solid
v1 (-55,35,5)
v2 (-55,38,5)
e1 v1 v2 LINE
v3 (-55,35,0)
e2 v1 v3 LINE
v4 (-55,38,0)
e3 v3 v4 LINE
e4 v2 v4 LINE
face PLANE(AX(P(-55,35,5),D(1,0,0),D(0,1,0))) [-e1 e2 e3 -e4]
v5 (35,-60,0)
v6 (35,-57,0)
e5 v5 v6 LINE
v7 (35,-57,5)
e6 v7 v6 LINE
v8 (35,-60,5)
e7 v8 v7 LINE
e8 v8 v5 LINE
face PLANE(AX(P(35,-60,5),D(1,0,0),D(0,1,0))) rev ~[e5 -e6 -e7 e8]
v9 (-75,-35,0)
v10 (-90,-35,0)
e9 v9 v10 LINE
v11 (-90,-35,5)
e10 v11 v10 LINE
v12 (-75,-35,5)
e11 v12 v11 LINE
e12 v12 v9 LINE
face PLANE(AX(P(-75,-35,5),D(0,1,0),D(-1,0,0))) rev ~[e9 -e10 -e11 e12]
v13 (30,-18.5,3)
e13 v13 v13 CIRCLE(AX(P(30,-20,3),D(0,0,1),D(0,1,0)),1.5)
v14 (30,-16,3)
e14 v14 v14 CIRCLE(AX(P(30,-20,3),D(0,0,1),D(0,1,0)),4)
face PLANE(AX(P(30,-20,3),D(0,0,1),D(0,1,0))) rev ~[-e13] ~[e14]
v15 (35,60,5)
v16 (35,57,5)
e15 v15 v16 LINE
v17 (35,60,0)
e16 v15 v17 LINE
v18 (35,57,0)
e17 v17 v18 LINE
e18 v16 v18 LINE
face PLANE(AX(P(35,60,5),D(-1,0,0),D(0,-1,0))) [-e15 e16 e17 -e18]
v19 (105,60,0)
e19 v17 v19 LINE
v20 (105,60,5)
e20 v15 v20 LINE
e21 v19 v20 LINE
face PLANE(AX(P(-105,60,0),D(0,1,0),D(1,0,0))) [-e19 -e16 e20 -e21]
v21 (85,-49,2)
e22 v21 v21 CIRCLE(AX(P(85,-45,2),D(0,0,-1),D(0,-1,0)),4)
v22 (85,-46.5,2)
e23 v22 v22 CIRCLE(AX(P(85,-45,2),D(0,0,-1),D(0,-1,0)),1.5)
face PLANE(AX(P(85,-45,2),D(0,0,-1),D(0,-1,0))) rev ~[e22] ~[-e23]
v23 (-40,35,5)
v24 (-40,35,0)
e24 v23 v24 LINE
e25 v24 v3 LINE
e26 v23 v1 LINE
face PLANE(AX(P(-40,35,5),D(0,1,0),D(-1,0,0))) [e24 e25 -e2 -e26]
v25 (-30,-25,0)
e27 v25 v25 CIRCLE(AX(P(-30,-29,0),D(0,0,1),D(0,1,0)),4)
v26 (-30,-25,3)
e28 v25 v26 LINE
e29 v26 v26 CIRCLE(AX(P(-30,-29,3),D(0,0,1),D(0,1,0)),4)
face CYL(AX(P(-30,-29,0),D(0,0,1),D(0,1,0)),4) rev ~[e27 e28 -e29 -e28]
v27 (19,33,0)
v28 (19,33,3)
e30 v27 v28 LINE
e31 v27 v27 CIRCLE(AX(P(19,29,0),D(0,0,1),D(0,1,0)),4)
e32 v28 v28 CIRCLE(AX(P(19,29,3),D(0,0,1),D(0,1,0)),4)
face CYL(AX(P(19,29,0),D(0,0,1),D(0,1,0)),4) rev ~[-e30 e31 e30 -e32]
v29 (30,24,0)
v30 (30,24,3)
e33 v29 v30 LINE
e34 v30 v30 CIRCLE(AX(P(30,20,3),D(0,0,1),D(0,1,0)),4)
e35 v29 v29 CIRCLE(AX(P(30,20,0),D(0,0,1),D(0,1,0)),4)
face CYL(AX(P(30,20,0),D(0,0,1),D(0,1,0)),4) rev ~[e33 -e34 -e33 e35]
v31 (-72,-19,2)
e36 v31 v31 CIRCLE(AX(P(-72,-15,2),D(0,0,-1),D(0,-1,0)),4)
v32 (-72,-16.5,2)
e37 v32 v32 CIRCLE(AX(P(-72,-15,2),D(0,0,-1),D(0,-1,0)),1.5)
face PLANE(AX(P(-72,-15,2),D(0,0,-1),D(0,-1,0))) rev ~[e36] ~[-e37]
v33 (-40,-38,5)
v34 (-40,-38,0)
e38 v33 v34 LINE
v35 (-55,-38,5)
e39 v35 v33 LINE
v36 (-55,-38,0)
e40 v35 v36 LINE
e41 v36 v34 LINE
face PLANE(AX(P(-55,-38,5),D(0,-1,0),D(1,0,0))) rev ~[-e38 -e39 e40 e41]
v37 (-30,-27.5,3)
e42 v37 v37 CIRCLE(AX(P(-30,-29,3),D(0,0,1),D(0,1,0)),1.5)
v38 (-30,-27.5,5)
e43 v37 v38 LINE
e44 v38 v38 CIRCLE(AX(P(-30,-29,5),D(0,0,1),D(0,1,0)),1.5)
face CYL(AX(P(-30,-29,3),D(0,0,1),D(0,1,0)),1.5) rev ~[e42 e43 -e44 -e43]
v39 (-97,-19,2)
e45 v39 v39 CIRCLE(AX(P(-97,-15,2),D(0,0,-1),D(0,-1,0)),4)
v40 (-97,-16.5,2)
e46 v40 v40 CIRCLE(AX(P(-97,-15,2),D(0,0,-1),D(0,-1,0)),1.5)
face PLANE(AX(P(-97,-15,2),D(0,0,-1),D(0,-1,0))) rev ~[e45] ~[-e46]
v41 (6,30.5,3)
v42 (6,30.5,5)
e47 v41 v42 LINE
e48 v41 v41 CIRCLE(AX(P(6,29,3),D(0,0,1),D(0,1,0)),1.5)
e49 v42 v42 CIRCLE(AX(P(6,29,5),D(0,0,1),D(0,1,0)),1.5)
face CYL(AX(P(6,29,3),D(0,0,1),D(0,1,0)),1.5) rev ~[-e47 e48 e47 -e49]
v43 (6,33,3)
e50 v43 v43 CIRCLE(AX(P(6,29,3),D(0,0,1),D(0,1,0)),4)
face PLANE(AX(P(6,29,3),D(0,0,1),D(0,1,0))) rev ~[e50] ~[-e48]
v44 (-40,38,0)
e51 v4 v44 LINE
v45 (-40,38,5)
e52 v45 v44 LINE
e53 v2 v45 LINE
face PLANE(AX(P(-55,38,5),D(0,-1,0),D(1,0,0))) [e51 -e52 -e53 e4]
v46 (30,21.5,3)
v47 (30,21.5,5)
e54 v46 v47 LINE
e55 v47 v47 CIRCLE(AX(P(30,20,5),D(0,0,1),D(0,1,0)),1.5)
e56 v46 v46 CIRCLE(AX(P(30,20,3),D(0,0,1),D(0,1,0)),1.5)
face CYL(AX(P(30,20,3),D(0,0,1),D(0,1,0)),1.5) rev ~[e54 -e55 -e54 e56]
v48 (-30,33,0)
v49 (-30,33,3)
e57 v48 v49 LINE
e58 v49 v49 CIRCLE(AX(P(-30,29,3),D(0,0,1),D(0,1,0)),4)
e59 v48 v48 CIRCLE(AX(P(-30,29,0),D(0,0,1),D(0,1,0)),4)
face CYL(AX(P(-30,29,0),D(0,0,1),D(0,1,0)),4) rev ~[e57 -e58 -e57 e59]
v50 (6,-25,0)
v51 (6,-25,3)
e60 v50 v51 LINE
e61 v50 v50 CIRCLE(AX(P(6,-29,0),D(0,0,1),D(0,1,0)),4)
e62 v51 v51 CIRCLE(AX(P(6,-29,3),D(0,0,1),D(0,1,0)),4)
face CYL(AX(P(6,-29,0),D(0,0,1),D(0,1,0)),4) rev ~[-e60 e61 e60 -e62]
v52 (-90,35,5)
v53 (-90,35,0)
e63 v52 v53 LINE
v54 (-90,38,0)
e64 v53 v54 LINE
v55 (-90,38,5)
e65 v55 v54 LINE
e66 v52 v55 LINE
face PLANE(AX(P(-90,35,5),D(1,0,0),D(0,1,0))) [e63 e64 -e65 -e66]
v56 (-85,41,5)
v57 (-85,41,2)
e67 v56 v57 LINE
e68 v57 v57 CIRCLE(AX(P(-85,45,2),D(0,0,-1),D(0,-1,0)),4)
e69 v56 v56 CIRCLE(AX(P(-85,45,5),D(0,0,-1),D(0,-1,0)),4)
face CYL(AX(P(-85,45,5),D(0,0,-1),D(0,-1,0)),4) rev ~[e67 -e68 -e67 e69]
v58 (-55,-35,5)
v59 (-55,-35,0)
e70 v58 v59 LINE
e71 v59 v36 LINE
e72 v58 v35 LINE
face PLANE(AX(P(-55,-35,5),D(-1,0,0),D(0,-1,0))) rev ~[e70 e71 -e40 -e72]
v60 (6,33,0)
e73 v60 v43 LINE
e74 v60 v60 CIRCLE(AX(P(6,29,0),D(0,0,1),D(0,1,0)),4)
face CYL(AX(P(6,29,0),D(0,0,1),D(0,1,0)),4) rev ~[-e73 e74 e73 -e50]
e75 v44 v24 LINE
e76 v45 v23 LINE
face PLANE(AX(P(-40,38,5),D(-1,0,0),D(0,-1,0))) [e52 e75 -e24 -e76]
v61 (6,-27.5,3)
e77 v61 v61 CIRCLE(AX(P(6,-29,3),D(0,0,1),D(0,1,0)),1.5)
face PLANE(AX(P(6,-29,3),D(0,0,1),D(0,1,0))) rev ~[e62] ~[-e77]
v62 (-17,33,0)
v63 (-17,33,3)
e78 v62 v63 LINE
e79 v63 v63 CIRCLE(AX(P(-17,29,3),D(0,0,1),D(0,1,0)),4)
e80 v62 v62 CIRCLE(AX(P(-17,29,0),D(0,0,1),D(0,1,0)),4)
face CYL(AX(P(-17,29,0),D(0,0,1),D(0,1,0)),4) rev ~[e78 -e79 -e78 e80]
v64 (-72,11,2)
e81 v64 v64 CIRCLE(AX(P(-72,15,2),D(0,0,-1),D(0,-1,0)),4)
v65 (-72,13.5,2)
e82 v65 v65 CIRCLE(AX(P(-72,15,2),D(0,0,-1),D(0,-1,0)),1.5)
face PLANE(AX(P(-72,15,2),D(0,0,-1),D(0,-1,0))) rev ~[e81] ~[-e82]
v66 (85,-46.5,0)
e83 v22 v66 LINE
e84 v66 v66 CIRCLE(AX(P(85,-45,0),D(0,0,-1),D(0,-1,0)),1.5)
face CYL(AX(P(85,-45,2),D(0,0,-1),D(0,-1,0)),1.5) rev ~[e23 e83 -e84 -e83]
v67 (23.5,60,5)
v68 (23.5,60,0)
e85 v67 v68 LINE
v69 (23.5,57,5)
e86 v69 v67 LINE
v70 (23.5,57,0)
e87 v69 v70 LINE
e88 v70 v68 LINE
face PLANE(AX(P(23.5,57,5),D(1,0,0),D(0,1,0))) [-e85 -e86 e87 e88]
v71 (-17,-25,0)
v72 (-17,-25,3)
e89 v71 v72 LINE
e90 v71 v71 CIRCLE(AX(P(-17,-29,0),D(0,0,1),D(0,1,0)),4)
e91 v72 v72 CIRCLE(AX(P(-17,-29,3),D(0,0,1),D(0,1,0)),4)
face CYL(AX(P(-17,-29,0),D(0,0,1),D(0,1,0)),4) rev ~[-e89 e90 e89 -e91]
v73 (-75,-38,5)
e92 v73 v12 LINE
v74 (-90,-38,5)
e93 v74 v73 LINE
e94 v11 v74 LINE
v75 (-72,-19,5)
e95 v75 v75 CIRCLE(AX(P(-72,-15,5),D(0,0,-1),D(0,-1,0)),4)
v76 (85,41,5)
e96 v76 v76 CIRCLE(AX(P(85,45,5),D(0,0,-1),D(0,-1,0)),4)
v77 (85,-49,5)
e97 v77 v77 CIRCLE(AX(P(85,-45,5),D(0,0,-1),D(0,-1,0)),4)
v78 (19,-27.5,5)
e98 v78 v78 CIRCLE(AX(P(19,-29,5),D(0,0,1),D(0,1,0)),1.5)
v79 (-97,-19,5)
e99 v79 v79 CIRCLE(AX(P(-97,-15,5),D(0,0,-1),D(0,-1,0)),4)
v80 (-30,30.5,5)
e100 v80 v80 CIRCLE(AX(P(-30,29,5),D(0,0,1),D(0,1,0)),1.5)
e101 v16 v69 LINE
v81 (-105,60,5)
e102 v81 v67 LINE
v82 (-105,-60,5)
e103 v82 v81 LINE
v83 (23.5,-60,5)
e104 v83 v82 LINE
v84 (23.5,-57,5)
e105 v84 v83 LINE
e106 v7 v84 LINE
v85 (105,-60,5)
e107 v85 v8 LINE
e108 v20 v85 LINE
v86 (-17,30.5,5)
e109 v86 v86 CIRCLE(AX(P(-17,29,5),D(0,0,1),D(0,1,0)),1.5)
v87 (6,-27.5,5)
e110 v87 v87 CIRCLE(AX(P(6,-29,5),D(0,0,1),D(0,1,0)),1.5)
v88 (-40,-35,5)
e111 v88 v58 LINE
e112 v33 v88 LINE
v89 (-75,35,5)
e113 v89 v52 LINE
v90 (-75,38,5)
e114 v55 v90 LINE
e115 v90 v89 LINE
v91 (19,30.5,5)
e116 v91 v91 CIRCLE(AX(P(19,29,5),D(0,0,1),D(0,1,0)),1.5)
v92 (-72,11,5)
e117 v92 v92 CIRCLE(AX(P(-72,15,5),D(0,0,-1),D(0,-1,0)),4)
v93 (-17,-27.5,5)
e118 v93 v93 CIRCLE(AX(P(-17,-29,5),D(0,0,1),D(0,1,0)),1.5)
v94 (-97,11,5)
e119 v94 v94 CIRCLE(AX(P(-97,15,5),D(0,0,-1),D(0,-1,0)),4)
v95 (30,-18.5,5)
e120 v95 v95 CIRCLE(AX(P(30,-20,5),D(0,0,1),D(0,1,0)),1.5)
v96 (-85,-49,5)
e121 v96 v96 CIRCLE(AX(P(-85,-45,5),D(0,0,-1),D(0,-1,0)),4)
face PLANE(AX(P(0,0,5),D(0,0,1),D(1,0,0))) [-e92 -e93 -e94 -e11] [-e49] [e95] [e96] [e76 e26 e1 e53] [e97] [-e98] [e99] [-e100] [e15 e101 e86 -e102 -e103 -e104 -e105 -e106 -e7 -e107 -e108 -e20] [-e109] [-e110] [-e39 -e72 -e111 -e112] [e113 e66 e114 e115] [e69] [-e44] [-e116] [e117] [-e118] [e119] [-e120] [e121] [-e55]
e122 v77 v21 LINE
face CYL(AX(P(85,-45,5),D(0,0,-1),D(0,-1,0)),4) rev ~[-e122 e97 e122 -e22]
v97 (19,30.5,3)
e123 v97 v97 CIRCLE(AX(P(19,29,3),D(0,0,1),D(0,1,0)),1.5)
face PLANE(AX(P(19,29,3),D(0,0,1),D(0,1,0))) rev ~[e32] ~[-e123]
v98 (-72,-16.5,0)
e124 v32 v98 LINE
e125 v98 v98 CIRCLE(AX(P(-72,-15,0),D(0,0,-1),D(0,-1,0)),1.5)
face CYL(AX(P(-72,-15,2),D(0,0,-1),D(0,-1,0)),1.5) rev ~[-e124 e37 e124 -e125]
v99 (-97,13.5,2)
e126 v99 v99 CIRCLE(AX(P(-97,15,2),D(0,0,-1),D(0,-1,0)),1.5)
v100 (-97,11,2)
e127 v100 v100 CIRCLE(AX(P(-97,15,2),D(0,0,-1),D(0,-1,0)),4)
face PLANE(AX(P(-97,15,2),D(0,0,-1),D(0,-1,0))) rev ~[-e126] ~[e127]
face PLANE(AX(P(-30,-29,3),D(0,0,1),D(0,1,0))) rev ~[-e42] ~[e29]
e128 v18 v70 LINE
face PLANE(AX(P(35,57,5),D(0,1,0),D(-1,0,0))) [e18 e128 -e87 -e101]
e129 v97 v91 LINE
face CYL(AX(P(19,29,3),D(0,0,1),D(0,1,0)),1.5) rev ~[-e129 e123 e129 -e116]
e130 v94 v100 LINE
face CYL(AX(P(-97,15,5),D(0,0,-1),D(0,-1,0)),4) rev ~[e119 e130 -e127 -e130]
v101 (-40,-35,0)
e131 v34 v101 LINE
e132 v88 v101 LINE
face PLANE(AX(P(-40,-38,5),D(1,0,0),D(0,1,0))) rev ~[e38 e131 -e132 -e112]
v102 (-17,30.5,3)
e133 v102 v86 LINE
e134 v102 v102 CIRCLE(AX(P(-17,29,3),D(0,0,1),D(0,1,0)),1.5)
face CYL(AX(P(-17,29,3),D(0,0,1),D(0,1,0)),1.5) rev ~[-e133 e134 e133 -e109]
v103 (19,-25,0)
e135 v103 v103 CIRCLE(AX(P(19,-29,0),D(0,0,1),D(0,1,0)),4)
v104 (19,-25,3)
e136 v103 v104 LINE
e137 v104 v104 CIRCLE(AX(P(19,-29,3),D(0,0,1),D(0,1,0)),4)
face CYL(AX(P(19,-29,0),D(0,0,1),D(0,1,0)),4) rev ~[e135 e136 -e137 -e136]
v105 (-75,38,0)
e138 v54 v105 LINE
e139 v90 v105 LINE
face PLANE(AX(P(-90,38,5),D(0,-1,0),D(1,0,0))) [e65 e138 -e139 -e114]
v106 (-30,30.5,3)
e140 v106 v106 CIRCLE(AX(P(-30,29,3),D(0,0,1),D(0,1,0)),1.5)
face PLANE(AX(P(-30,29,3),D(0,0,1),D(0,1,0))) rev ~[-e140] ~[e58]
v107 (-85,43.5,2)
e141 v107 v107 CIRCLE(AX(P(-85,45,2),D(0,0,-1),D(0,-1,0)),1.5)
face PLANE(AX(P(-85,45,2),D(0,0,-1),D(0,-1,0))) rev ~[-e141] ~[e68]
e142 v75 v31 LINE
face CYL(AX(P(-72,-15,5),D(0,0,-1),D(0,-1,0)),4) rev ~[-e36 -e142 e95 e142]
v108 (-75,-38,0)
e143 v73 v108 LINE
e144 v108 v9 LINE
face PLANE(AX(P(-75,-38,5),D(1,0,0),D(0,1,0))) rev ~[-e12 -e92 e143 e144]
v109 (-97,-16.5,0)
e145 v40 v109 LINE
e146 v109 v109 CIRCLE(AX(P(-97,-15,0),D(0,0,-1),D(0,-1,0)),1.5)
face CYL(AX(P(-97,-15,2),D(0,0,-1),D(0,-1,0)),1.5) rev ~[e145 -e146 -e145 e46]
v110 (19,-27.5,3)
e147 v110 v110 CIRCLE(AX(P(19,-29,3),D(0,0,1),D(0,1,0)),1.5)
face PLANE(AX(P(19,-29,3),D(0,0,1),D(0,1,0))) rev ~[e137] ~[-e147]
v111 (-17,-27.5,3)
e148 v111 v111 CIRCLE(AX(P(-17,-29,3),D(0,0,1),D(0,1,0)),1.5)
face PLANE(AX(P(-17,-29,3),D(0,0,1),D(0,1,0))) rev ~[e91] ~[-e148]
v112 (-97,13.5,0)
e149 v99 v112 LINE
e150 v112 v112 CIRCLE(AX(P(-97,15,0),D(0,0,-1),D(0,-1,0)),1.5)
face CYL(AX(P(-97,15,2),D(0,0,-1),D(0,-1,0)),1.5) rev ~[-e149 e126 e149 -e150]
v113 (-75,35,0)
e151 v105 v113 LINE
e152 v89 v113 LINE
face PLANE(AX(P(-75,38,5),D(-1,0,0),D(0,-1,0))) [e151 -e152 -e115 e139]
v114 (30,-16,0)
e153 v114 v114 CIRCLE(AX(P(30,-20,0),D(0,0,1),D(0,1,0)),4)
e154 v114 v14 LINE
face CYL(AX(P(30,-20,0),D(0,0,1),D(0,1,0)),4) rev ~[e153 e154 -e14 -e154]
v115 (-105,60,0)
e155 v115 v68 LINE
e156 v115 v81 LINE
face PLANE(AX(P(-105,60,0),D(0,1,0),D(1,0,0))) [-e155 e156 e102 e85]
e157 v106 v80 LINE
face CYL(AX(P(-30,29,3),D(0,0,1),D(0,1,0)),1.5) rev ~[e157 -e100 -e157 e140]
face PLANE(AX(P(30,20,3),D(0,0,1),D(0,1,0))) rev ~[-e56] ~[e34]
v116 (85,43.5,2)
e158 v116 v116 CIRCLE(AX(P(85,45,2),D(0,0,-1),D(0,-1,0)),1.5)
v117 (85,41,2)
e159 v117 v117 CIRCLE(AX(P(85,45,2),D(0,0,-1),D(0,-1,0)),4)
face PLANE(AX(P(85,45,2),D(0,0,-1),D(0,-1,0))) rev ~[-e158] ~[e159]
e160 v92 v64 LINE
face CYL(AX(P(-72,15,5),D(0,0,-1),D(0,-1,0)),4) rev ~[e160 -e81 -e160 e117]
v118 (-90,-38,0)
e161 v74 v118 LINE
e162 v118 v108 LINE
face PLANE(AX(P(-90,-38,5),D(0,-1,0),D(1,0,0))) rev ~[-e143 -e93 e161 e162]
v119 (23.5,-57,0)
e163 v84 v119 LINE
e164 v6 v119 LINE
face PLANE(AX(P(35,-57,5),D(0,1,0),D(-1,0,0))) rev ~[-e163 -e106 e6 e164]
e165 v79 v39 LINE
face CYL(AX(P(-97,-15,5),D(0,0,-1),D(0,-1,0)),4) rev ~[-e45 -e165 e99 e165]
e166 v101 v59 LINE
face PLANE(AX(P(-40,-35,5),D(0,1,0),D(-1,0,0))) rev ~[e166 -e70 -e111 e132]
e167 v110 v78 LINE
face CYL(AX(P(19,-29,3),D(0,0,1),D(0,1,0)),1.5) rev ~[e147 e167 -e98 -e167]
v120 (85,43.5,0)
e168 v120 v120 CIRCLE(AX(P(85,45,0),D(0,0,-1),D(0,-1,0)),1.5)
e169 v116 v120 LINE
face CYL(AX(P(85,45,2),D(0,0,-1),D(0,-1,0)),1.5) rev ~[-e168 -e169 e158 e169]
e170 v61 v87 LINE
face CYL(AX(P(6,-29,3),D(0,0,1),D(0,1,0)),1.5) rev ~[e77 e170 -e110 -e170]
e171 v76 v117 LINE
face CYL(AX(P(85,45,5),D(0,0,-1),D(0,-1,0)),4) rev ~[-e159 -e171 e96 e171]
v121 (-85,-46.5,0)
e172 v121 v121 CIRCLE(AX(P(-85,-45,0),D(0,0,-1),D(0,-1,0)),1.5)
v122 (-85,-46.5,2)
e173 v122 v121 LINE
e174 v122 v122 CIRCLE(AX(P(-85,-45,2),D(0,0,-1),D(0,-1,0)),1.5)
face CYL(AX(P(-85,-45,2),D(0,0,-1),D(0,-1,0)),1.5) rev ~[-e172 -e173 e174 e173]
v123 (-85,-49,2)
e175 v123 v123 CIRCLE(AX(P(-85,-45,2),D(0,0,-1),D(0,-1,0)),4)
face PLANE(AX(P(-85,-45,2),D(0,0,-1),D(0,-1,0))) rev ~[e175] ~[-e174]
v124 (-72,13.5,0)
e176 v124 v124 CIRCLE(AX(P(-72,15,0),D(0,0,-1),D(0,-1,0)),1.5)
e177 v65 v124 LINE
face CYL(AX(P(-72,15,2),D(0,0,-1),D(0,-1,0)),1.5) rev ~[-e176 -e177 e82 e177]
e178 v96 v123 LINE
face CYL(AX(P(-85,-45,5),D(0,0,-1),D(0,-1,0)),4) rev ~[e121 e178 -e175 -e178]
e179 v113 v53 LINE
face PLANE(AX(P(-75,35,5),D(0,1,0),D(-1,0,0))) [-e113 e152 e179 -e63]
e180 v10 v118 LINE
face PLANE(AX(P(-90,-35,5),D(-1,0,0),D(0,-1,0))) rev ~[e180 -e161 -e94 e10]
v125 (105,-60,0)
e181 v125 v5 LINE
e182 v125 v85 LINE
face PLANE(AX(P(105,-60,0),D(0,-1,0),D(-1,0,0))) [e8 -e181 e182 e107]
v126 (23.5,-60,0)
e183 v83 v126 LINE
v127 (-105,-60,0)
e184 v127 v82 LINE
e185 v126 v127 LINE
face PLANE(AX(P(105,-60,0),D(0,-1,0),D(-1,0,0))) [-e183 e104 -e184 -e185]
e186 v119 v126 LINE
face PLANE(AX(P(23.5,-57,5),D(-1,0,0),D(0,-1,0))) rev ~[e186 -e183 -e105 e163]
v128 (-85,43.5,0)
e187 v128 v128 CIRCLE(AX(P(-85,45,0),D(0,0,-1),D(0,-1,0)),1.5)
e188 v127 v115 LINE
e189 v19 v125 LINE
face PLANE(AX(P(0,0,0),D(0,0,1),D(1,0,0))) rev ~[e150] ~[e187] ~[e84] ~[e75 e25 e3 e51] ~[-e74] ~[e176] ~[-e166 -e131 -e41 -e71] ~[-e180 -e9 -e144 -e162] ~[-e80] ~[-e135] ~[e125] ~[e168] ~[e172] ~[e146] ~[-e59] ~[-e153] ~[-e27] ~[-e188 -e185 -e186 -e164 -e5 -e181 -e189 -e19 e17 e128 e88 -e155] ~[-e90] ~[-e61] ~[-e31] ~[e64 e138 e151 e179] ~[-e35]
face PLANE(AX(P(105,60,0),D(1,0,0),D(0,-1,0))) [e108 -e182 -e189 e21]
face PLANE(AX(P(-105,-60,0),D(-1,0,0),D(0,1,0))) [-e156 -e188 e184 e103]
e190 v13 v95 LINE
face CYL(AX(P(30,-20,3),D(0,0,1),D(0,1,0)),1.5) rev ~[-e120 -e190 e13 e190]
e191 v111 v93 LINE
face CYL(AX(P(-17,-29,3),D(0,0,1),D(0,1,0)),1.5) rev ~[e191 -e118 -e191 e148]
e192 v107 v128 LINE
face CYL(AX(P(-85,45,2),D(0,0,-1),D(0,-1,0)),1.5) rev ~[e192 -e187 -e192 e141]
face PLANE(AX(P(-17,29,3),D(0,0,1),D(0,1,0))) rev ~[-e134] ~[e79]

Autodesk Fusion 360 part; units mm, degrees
sketch "Sketch1" plane through (0, 0, 0) normal (0, 0, 1) x (1, 0, 0)
  line L0 (-105, 60) -> (105, 60)
  line L1 (105, 60) -> (105, -60)
  line L2 (105, -60) -> (-105, -60)
  line L3 (-105, -60) -> (-105, 60)
  line L4 (-105, 60) -> (105, -60) construction
  line L5 (105, 60) -> (-105, -60) construction
  dimension "d1" = 210
  dimension "d2" = 120
extrude "Extrude1" add sketch "Sketch1" along normal blind 5
sketch "Sketch2" plane through (0, 0, 5) normal (0, 0, 1) x (1, 0, 0)
  line L0 (-105, -60) -> (105, -60)
  line L1 (105, -60) -> (105, 60)
  line L2 (105, 60) -> (-105, 60)
  line L3 (-105, 60) -> (-105, -60)
  line L4 (0, 60) -> (0, -60) construction
  line L5 (105, 0) -> (-105, 0) construction
  line L6 (-75, 35) -> (-90, 35)
  line L7 (-90, 35) -> (-90, 38)
  line L8 (-90, 38) -> (-75, 38)
  line L9 (-75, 38) -> (-75, 35)
  line L10 (-75, 35) -> (-90, 38) construction
  line L11 (-90, 35) -> (-75, 38) construction
  line L12 (-55, 38) -> (-40, 38)
  line L13 (-40, 38) -> (-40, 35)
  line L14 (-40, 35) -> (-55, 35)
  line L15 (-55, 35) -> (-55, 38)
  line L16 (-55, 38) -> (-40, 35) construction
  line L17 (-40, 38) -> (-55, 35) construction
  line L18 (-40, -38) -> (-40, -35)
  line L19 (-55, -38) -> (-40, -35) construction
  line L20 (-40, -35) -> (-55, -35)
  line L21 (-55, -35) -> (-55, -38)
  line L22 (-55, -38) -> (-40, -38)
  line L23 (-40, -38) -> (-55, -35) construction
  line L24 (-75, -38) -> (-75, -35)
  line L25 (-90, -38) -> (-75, -38)
  line L26 (-90, -35) -> (-75, -38) construction
  line L27 (-75, -35) -> (-90, -38) construction
  line L28 (-75, -35) -> (-90, -35)
  line L29 (-90, -35) -> (-90, -38)
  point P0 (-85, 45)
  point P1 (85, 45)
  point P2 (30, 20)
  point P3 (19, 29)
  point P4 (6, 29)
  point P5 (-17, 29)
  point P6 (-30, 29)
  point P7 (-82.5, 36.5)
  point P8 (-47.5, 36.5)
  point P9 (-82.5, 36.5)
  point P10 (-47.5, 36.5)
  point P11 (-97, 15)
  point P12 (-72, 15)
  point P13 (85, -45)
  point P14 (30, -20)
  point P15 (19, -29)
  point P16 (6, -29)
  point P17 (-17, -29)
  point P18 (-30, -29)
  point P19 (-85, -45)
  point P20 (-97, -15)
  point P21 (-72, -15)
  dimension "d5" = 15
  dimension "d6" = 20
  dimension "d7" = 15
  dimension "d8" = 20
  dimension "d9" = 75
  dimension "d10" = 40
  dimension "d11" = 31
  dimension "d12" = 31
  dimension "d13" = 31
  dimension "d14" = 31
  dimension "d15" = 86
  dimension "d16" = 49
  dimension "d17" = 13
  dimension "d18" = 13
  dimension "d19" = 22.5
  dimension "d20" = 23.5
  dimension "d21" = 35
  dimension "d22" = 23.5
  dimension "d23" = 15
  dimension "d24" = 3
  dimension "d25" = 15
  dimension "d26" = 3
  dimension "d27" = 8
  dimension "d28" = 45
  dimension "d29" = 45
  dimension "d30" = 25
extrude "Extrude2" cut sketch "Sketch2" against normal up to surface (5 mm away) contours L6 L7 L8 L9 | L12 L13 L14 L15 | L18 L20 L21 L22 | L24 L25 L28 L29
hole "Hole1" at (-85, 45, 5) at (85, 45, 5) at (-97, 15, 5) at (-72, 15, 5) at (-72, -15, 5) at (-97, -15, 5) at (-85, -45, 5) at (85, -45, 5) direction (0, 0, -1) diameter 3 depth 5 tip angle 180 counterbore diameter 8 counterbore depth 3
sketch "Sketch3" plane through (0, 0, 0) normal (0, 0, -1) x (-1, 0, 0)
  circle A0 centre (85, -45) radius 1.5
  circle A1 centre (72, -15) radius 1.5
  circle A2 centre (97, 15) radius 1.5
  circle A3 centre (85, 45) radius 1.5
  circle A4 centre (-85, 45) radius 1.5
  circle A5 centre (72, 15) radius 1.5
  circle A6 centre (97, -15) radius 1.5
  circle A7 centre (-85, -45) radius 1.5
  line L0 (75, 35) -> (75, 38)
  line L1 (75, 38) -> (90, 38)
  line L2 (90, 38) -> (90, 35)
  line L3 (90, 35) -> (75, 35)
  line L4 (75, -35) -> (90, -35)
  line L5 (90, -35) -> (90, -38)
  line L6 (90, -38) -> (75, -38)
  line L7 (75, -38) -> (75, -35)
  line L8 (55, 38) -> (55, 35)
  line L9 (55, 35) -> (40, 35)
  line L10 (40, 35) -> (40, 38)
  line L11 (40, 38) -> (55, 38)
  line L12 (55, -35) -> (55, -38)
  line L13 (55, -38) -> (40, -38)
  line L14 (40, -38) -> (40, -35)
  line L15 (40, -35) -> (55, -35)
  line L16 (-105, -60) -> (105, -60)
  line L17 (105, -60) -> (105, 60)
  line L18 (105, 60) -> (-105, 60)
  line L19 (-105, 60) -> (-105, -60)
  point P0 (-19, 29)
  point P1 (-30, 20)
  point P2 (-6, 29)
  point P3 (17, 29)
  point P4 (30, 29)
  point P5 (30, -29)
  point P6 (17, -29)
  point P7 (-6, -29)
  point P8 (-19, -29)
  point P9 (-30, -20)
hole "Hole3" at (-30, 29, 0) at (-17, 29, 0) at (6, 29, 0) at (19, 29, 0) at (30, 20, 0) at (30, -20, 0) at (19, -29, 0) at (6, -29, 0) at (-17, -29, 0) at (-30, -29, 0) direction (0, 0, 1) diameter 3 depth 5 tip angle 180 counterbore diameter 8 counterbore depth 3
sketch "Sketch5" plane through (0, 0, 5) normal (0, 0, 1) x (1, 0, 0)
  line L0 (-105, 60) -> (105, 60)
  line L1 (23.5, 60) -> (35, 60)
  line L2 (35, 60) -> (35, 57)
  line L3 (35, 57) -> (23.5, 57)
  line L4 (23.5, 57) -> (23.5, 60)
  line L5 (105, -60) -> (105, 60)
  line L6 (105, 0) -> (-105, 0)
  line L7 (23.5, -60) -> (35, -60)
  line L8 (23.5, -57) -> (23.5, -60)
  line L9 (35, -57) -> (23.5, -57)
  line L10 (35, -60) -> (35, -57)
  point P0 (35, 60)
  point P1 (105, 60)
  point P2 (23.5, 60)
  dimension "d49" = 70
  dimension "d50" = 11.5
  dimension "d51" = 3
  dimension "d52" = 70
extrude "Extrude3" cut sketch "Sketch5" against normal up to surface (5 mm away)
